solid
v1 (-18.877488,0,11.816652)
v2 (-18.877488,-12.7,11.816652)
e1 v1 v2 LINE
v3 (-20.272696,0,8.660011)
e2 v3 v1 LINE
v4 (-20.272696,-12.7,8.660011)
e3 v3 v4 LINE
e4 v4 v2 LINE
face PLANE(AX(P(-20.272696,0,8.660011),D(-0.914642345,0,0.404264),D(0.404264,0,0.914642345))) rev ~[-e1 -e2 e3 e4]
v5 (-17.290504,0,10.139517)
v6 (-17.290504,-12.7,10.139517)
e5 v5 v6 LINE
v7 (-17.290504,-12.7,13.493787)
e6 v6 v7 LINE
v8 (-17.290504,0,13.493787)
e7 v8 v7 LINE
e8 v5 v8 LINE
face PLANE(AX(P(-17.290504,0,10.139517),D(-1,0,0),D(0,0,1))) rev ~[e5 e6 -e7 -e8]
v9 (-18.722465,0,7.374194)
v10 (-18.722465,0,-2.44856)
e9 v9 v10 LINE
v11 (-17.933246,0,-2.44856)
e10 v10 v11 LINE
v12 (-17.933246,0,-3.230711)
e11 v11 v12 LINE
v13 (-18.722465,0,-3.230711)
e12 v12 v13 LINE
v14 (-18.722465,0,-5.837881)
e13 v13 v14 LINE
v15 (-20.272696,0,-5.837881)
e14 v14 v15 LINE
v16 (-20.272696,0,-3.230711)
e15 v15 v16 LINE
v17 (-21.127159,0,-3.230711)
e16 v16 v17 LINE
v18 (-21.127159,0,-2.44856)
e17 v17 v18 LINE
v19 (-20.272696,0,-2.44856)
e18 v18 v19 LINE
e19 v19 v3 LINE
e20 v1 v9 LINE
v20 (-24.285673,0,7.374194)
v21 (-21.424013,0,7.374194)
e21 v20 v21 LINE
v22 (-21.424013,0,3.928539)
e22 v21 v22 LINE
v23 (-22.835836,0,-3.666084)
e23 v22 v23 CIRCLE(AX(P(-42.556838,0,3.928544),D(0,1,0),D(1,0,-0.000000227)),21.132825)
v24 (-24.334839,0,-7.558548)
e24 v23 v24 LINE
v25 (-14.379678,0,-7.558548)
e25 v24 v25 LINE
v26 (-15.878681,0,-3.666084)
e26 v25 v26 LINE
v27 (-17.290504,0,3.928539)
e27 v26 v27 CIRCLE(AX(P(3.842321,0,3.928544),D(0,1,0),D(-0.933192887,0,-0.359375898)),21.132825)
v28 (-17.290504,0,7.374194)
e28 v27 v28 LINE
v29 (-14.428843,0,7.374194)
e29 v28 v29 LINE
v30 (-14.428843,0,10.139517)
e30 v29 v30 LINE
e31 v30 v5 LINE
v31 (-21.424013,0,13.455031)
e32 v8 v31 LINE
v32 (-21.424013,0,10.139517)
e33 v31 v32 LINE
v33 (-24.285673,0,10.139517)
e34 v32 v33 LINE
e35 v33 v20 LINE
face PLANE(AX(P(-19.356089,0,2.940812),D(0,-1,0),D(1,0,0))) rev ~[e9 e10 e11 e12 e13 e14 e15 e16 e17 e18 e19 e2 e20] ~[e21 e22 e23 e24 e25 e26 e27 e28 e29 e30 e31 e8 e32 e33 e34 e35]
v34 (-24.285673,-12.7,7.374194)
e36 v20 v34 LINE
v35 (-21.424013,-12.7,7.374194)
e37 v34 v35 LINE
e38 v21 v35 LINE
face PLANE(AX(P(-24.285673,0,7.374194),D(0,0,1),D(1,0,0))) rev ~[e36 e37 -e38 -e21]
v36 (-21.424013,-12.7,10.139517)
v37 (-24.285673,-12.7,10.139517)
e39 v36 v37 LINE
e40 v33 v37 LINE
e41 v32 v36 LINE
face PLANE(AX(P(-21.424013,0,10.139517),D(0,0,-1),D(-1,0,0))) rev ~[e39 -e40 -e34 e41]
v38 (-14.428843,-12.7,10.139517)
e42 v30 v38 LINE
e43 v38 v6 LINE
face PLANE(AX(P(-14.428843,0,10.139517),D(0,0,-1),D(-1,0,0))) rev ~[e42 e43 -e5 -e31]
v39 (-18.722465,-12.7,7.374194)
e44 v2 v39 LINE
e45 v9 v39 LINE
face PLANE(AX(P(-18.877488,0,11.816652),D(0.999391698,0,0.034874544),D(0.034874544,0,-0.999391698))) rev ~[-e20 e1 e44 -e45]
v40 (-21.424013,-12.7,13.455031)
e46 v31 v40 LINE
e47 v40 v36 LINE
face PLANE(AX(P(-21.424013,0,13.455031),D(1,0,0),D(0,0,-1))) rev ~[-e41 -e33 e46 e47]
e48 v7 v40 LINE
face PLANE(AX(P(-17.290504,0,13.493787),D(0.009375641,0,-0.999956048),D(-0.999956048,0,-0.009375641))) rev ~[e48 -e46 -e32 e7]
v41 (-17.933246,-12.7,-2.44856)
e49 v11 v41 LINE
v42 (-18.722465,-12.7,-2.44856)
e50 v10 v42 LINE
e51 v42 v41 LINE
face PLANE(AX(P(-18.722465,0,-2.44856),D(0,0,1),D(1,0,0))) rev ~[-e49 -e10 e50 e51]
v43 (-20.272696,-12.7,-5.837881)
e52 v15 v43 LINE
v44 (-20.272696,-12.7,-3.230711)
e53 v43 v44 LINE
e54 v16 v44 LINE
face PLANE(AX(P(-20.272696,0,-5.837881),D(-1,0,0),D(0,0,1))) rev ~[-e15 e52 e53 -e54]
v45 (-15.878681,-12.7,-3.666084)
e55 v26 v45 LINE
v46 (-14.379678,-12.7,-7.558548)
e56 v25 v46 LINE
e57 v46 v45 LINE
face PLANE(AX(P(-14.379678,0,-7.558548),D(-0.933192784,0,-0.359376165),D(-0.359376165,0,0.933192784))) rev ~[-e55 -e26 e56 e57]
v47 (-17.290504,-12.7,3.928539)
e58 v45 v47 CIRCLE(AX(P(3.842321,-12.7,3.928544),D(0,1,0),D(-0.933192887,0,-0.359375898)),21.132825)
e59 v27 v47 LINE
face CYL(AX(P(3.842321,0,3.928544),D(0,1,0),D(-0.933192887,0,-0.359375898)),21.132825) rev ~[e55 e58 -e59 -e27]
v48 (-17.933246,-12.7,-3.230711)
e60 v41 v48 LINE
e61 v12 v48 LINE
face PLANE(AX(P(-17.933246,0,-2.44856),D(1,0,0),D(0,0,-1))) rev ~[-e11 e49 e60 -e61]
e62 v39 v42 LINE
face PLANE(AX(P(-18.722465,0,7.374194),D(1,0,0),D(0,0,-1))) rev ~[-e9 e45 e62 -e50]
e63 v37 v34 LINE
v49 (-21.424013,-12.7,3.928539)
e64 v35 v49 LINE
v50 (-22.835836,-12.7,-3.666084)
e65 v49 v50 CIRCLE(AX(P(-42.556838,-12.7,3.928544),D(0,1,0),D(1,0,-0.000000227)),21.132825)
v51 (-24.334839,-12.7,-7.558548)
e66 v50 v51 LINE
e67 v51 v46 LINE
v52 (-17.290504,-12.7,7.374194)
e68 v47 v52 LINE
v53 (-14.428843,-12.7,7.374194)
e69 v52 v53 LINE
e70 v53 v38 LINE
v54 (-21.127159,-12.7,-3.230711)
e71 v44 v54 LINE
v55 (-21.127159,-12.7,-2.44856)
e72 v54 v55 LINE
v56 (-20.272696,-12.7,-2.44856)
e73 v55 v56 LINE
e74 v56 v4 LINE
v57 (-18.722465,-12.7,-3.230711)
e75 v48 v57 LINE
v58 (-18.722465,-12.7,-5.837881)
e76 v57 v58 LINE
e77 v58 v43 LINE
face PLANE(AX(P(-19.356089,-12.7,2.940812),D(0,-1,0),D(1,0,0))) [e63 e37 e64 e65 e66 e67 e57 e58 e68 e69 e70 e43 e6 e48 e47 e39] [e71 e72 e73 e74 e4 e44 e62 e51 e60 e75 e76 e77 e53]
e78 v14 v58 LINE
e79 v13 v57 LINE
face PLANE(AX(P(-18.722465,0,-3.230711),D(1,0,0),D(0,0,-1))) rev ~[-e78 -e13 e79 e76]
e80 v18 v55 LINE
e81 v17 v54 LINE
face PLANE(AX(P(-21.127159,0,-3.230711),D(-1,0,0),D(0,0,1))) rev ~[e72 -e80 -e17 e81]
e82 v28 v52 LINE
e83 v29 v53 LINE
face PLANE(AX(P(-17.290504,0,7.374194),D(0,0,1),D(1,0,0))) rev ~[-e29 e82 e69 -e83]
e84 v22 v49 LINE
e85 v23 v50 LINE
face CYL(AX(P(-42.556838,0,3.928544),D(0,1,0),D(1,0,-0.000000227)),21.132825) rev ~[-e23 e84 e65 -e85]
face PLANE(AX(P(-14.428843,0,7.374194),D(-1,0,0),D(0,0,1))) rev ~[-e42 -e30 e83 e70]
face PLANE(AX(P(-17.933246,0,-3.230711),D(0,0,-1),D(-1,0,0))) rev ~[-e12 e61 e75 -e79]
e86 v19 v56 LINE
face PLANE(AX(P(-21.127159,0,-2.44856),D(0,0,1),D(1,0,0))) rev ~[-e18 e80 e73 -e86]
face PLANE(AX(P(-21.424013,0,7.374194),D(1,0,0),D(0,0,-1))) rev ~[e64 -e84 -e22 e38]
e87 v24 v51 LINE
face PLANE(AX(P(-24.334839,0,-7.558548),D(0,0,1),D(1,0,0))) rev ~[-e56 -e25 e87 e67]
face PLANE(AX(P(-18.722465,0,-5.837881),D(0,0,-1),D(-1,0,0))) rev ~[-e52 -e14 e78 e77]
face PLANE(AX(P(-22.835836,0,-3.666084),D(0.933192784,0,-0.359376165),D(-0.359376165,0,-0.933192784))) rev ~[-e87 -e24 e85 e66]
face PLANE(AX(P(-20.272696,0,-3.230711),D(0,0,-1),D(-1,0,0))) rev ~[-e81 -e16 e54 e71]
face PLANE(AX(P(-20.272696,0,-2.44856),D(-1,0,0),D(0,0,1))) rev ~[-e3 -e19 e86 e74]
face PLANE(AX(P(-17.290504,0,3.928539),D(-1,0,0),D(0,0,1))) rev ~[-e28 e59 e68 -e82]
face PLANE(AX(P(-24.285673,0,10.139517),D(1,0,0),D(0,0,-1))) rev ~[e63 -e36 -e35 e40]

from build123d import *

# Parameters (mm, degrees)
F1_DEPTH = 12.7


with BuildPart() as f1:
    # F0 (on Front) → F1 (new body)
    with BuildSketch(Plane.XZ):
        with BuildLine():
            Line((-24.285673, 10.139517), (-24.285673, 7.374194))
            Line((-24.285673, 7.374194), (-21.424013, 7.374194))
            Line((-21.424013, 7.374194), (-21.424013, 3.928539))
            ThreePointArc((-21.424013, 3.928539), (-21.779967, 0.066171), (-22.835836, -3.666084))
            Line((-22.835836, -3.666084), (-24.334839, -7.558548))
            Line((-24.334839, -7.558548), (-14.379678, -7.558548))
            Line((-14.379678, -7.558548), (-15.878681, -3.666084))
            ThreePointArc((-15.878681, -3.666084), (-16.93455, 0.066171), (-17.290504, 3.928539))
            Line((-17.290504, 3.928539), (-17.290504, 7.374194))
            Line((-17.290504, 7.374194), (-14.428843, 7.374194))
            Line((-14.428843, 7.374194), (-14.428843, 10.139517))
            Line((-14.428843, 10.139517), (-17.290504, 10.139517))
            Line((-17.290504, 10.139517), (-17.290504, 13.493787))
            Line((-17.290504, 13.493787), (-21.424013, 13.455031))
            Line((-21.424013, 13.455031), (-21.424013, 10.139517))
            Line((-21.424013, 10.139517), (-24.285673, 10.139517))
        make_face()
        Polygon((-20.272696, -2.44856), (-20.272696, 0), (-20.272696, 7.374194), (-20.272696, 8.660011), (-18.877488, 11.816652), (-18.722465, 7.374194), (-18.722465, 0), (-18.722465, -2.44856), (-17.933246, -2.44856), (-17.933246, -3.230711), (-18.722465, -3.230711), (-18.722465, -5.837881), (-20.272696, -5.837881), (-20.272696, -3.230711), (-21.127159, -3.230711), (-21.127159, -2.44856), align=None, mode=Mode.SUBTRACT)
    extrude(amount=F1_DEPTH)


solid = f1.part
